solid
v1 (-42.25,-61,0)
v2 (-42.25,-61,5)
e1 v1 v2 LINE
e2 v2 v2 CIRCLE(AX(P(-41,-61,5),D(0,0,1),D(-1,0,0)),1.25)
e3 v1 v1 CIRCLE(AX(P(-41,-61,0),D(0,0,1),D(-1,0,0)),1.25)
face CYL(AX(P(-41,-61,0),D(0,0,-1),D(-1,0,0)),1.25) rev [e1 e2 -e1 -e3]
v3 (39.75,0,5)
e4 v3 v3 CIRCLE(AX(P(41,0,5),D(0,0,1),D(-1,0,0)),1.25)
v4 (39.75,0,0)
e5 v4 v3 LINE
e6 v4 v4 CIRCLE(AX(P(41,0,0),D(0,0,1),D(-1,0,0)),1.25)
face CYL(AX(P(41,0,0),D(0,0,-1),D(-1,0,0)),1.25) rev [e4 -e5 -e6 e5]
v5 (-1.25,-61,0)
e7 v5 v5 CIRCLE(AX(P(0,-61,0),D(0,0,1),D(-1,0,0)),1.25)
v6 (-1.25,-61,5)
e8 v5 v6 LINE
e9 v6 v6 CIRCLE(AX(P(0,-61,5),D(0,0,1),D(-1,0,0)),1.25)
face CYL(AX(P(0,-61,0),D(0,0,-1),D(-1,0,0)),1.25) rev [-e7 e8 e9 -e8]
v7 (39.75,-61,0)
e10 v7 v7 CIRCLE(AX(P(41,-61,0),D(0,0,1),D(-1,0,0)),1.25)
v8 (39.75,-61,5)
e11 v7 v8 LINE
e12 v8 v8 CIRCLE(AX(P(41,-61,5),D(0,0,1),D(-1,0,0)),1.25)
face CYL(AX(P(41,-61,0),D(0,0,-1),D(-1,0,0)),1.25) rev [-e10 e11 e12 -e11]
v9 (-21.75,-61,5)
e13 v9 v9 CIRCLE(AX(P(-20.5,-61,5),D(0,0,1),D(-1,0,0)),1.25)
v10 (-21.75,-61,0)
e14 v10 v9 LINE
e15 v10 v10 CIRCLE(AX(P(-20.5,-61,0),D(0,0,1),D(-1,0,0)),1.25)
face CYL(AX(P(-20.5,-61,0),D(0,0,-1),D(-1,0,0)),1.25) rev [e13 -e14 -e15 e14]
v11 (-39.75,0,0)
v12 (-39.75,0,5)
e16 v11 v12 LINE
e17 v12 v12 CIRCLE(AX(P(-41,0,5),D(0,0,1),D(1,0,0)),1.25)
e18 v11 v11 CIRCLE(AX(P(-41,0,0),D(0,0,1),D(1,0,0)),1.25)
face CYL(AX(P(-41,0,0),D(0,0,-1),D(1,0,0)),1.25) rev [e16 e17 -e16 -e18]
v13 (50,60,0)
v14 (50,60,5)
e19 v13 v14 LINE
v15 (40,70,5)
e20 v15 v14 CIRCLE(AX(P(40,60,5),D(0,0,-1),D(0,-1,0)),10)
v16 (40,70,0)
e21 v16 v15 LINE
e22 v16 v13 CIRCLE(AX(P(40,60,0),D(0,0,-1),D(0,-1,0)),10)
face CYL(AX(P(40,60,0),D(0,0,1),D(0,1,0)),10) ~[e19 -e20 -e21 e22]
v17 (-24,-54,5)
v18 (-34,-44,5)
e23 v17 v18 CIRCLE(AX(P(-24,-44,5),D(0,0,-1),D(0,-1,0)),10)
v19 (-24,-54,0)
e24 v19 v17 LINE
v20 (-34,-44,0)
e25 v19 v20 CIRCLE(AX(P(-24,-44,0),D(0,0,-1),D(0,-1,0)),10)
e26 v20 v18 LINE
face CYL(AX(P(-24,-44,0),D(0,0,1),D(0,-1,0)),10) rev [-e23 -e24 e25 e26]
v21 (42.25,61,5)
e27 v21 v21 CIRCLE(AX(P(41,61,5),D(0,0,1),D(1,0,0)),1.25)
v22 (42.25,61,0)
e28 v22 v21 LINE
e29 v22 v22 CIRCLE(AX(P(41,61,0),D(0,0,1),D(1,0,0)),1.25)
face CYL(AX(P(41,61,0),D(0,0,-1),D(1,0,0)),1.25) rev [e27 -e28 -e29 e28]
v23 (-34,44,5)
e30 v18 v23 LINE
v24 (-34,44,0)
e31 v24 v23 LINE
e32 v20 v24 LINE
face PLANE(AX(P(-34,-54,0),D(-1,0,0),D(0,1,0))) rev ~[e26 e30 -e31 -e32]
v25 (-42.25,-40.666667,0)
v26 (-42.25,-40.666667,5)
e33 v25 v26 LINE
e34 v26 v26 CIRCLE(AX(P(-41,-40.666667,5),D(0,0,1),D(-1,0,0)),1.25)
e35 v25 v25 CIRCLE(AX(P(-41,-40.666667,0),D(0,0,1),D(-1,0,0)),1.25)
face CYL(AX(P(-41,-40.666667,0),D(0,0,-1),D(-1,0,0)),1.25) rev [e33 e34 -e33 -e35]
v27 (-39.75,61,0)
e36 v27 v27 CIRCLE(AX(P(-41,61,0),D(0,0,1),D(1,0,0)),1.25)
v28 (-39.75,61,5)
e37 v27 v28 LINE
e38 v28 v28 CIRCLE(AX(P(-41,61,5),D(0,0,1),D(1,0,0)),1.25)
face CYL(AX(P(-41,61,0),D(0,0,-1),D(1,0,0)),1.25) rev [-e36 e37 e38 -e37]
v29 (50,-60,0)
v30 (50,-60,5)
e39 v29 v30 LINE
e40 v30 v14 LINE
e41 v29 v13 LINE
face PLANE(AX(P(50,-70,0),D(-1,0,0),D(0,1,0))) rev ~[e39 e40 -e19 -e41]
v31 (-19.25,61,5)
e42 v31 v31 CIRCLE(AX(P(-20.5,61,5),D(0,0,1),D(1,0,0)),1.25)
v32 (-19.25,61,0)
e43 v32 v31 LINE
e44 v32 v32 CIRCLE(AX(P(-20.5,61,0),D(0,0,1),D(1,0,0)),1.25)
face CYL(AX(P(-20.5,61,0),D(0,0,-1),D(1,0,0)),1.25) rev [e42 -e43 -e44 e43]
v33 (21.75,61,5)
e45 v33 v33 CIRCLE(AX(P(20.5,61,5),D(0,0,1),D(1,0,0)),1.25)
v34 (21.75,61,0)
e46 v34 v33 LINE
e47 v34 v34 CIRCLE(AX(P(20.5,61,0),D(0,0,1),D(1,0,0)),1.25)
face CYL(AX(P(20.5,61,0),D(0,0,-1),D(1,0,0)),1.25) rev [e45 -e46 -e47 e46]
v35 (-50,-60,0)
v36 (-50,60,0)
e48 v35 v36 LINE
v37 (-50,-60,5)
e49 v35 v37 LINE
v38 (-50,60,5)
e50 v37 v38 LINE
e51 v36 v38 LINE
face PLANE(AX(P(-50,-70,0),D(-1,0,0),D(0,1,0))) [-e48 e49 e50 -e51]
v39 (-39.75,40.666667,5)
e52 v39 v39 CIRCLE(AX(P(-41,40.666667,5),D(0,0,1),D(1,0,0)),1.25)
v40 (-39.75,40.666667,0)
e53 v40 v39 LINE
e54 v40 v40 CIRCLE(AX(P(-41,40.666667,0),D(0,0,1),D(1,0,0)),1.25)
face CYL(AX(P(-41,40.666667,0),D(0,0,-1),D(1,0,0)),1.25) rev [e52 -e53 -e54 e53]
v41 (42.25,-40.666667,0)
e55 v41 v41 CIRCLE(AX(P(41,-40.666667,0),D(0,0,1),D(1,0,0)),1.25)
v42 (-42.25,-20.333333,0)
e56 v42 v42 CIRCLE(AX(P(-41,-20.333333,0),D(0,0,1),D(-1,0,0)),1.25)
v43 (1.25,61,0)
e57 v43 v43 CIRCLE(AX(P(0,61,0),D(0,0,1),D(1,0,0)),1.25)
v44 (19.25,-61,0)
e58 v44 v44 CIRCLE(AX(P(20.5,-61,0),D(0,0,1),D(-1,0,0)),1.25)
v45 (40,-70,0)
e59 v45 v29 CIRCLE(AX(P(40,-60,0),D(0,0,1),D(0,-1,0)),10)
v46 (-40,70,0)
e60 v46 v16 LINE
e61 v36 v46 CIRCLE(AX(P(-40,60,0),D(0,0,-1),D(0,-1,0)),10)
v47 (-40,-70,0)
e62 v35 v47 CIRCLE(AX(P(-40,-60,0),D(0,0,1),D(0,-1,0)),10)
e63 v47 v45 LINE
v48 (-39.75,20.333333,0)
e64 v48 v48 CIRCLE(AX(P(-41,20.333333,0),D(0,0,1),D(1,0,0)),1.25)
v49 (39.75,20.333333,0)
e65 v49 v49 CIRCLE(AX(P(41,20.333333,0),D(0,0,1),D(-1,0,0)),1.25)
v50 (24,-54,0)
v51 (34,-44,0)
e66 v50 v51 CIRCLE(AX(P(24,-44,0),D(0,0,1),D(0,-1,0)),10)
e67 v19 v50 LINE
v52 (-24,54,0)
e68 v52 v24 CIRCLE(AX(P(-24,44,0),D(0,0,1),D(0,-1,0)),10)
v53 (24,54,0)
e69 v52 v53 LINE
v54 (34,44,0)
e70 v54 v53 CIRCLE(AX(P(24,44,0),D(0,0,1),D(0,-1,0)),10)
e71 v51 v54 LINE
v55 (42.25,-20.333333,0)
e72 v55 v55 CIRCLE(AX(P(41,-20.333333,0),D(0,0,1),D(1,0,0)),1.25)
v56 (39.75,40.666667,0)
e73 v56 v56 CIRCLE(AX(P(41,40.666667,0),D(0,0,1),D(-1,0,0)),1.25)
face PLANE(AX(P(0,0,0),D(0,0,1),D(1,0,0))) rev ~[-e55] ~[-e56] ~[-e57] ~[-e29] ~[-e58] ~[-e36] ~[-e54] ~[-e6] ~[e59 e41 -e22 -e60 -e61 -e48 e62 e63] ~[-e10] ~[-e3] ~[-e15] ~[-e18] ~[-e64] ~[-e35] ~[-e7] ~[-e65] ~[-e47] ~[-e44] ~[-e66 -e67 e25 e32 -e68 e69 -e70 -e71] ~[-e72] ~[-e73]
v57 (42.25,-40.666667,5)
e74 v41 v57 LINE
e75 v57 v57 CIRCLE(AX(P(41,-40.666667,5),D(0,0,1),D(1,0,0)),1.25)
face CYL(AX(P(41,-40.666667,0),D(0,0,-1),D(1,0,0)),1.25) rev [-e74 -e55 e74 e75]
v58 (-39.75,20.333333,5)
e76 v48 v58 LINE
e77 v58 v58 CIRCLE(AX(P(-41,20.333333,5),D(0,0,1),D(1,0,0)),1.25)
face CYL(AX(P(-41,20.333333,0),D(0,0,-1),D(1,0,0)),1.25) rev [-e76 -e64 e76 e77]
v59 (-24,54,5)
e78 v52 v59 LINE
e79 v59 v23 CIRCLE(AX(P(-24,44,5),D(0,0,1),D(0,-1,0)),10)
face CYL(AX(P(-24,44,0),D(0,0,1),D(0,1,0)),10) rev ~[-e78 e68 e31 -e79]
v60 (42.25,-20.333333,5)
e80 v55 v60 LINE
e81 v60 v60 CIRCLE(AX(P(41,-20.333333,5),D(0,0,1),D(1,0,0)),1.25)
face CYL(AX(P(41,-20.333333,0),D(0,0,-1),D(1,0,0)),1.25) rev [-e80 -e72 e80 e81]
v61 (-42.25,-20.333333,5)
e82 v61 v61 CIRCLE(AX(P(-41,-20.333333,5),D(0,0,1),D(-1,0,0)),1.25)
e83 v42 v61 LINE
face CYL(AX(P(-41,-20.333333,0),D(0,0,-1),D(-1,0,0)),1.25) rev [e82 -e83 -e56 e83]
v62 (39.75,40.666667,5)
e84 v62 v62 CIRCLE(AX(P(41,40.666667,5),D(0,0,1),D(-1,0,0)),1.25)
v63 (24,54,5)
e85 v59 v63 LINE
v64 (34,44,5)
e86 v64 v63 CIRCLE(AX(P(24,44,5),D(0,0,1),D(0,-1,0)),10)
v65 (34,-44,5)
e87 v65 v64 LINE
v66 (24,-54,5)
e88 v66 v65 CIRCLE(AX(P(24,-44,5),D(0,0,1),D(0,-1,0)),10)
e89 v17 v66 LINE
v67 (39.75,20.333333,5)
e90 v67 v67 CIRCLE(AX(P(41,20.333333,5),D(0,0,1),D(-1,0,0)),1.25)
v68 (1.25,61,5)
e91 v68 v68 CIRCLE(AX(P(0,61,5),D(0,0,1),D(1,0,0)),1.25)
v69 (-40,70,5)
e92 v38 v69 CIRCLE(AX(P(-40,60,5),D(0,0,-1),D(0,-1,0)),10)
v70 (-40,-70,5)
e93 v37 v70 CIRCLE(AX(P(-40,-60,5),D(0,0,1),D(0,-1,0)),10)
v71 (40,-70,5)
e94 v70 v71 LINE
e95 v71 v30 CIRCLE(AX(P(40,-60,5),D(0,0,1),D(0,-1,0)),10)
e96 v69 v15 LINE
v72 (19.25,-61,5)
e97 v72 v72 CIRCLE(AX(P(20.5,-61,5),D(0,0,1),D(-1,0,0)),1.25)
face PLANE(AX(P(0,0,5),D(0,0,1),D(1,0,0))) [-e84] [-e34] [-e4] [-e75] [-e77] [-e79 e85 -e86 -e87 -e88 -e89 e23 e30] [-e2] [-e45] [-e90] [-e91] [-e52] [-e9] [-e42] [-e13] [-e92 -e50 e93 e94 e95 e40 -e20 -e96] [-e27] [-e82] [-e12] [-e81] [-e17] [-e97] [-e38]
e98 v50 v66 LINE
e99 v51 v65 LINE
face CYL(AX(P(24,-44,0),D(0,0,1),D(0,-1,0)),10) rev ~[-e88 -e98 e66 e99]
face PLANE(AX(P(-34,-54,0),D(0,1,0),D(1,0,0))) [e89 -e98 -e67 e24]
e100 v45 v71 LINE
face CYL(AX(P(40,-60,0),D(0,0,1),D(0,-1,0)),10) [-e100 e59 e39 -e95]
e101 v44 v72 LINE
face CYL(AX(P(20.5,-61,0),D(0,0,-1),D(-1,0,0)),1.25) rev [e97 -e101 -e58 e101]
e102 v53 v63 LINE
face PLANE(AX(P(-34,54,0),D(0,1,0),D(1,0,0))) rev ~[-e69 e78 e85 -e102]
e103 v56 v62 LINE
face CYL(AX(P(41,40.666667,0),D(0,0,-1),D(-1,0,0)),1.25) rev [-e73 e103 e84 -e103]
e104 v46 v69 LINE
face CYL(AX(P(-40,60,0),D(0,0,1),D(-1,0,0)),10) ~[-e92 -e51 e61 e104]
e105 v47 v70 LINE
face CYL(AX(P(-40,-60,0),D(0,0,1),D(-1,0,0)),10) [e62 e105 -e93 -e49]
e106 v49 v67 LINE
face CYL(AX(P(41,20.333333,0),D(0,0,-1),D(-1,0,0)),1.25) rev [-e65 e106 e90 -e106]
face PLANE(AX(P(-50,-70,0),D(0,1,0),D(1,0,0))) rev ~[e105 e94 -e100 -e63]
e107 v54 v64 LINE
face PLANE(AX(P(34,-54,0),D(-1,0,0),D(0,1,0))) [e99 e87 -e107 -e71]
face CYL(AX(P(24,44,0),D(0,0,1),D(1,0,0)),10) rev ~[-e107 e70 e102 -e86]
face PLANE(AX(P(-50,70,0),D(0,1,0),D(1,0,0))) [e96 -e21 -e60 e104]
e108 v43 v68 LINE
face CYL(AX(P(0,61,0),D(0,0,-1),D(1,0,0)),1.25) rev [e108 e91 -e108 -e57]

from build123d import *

# Parameters (mm, degrees)
SKETCH1_W           = 100
SKETCH1_H           = 140
SKETCH1_R           = 1.25
SKETCH1_W_2         = 68
SKETCH1_H_2         = 108
BOSS_EXTRUDE1_DEPTH = 5
FILLET1_R           = 10


with BuildPart() as part:
    # Sketch1 → Boss-Extrude1 (new body)
    with BuildSketch(Plane.XY):
        Rectangle(SKETCH1_W, SKETCH1_H)
        with Locations((0, 61)):
            Circle(SKETCH1_R, mode=Mode.SUBTRACT)
        with Locations((-41, 61)):
            Circle(SKETCH1_R, mode=Mode.SUBTRACT)
        with Locations((-20.5, 61)):
            Circle(SKETCH1_R, mode=Mode.SUBTRACT)
        with Locations((20.5, 61)):
            Circle(SKETCH1_R, mode=Mode.SUBTRACT)
        with Locations((41, 61)):
            Circle(SKETCH1_R, mode=Mode.SUBTRACT)
        with Locations((-41, 0)):
            Circle(SKETCH1_R, mode=Mode.SUBTRACT)
        with Locations((-41, 40.666666667)):
            Circle(SKETCH1_R, mode=Mode.SUBTRACT)
        with Locations((-41, 20.333333333)):
            Circle(SKETCH1_R, mode=Mode.SUBTRACT)
        with Locations(Location((41, 40.666666667, 0), (0, 0, 180))):
            Circle(SKETCH1_R, mode=Mode.SUBTRACT)
        with Locations(Location((41, 20.333333333, 0), (0, 0, 180))):
            Circle(SKETCH1_R, mode=Mode.SUBTRACT)
        with Locations(Location((41, 0, 0), (0, 0, 180))):
            Circle(SKETCH1_R, mode=Mode.SUBTRACT)
        with Locations(Location((-20.5, -61, 0), (0, 0, 180))):
            Circle(SKETCH1_R, mode=Mode.SUBTRACT)
        with Locations(Location((0, -61, 0), (0, 0, 180))):
            Circle(SKETCH1_R, mode=Mode.SUBTRACT)
        with Locations(Location((20.5, -61, 0), (0, 0, 180))):
            Circle(SKETCH1_R, mode=Mode.SUBTRACT)
        with Locations(Location((41, -61, 0), (0, 0, 180))):
            Circle(SKETCH1_R, mode=Mode.SUBTRACT)
        with Locations((41, -40.666666667)):
            Circle(SKETCH1_R, mode=Mode.SUBTRACT)
        with Locations((41, -20.333333333)):
            Circle(SKETCH1_R, mode=Mode.SUBTRACT)
        with Locations(Location((-41, -20.333333333, 0), (0, 0, 180))):
            Circle(SKETCH1_R, mode=Mode.SUBTRACT)
        with Locations(Location((-41, -40.666666667, 0), (0, 0, 180))):
            Circle(SKETCH1_R, mode=Mode.SUBTRACT)
        with Locations(Location((-41, -61, 0), (0, 0, 180))):
            Circle(SKETCH1_R, mode=Mode.SUBTRACT)
        Rectangle(SKETCH1_W_2, SKETCH1_H_2, mode=Mode.SUBTRACT)
    extrude(amount=BOSS_EXTRUDE1_DEPTH)

    # Fillet1
    fillet1_edges = [part.edges().sort_by_distance(p)[0] for p in [
        (50, -70, 2.5),
        (-50, -70, 2.5),
        (-50, 70, 2.5),
        (50, 70, 2.5),
        (34, -54, 2.5),
        (34, 54, 2.5),
        (-34, 54, 2.5),
        (-34, -54, 2.5),
    ]]
    fillet(fillet1_edges, radius=FILLET1_R)


solid = part.part
